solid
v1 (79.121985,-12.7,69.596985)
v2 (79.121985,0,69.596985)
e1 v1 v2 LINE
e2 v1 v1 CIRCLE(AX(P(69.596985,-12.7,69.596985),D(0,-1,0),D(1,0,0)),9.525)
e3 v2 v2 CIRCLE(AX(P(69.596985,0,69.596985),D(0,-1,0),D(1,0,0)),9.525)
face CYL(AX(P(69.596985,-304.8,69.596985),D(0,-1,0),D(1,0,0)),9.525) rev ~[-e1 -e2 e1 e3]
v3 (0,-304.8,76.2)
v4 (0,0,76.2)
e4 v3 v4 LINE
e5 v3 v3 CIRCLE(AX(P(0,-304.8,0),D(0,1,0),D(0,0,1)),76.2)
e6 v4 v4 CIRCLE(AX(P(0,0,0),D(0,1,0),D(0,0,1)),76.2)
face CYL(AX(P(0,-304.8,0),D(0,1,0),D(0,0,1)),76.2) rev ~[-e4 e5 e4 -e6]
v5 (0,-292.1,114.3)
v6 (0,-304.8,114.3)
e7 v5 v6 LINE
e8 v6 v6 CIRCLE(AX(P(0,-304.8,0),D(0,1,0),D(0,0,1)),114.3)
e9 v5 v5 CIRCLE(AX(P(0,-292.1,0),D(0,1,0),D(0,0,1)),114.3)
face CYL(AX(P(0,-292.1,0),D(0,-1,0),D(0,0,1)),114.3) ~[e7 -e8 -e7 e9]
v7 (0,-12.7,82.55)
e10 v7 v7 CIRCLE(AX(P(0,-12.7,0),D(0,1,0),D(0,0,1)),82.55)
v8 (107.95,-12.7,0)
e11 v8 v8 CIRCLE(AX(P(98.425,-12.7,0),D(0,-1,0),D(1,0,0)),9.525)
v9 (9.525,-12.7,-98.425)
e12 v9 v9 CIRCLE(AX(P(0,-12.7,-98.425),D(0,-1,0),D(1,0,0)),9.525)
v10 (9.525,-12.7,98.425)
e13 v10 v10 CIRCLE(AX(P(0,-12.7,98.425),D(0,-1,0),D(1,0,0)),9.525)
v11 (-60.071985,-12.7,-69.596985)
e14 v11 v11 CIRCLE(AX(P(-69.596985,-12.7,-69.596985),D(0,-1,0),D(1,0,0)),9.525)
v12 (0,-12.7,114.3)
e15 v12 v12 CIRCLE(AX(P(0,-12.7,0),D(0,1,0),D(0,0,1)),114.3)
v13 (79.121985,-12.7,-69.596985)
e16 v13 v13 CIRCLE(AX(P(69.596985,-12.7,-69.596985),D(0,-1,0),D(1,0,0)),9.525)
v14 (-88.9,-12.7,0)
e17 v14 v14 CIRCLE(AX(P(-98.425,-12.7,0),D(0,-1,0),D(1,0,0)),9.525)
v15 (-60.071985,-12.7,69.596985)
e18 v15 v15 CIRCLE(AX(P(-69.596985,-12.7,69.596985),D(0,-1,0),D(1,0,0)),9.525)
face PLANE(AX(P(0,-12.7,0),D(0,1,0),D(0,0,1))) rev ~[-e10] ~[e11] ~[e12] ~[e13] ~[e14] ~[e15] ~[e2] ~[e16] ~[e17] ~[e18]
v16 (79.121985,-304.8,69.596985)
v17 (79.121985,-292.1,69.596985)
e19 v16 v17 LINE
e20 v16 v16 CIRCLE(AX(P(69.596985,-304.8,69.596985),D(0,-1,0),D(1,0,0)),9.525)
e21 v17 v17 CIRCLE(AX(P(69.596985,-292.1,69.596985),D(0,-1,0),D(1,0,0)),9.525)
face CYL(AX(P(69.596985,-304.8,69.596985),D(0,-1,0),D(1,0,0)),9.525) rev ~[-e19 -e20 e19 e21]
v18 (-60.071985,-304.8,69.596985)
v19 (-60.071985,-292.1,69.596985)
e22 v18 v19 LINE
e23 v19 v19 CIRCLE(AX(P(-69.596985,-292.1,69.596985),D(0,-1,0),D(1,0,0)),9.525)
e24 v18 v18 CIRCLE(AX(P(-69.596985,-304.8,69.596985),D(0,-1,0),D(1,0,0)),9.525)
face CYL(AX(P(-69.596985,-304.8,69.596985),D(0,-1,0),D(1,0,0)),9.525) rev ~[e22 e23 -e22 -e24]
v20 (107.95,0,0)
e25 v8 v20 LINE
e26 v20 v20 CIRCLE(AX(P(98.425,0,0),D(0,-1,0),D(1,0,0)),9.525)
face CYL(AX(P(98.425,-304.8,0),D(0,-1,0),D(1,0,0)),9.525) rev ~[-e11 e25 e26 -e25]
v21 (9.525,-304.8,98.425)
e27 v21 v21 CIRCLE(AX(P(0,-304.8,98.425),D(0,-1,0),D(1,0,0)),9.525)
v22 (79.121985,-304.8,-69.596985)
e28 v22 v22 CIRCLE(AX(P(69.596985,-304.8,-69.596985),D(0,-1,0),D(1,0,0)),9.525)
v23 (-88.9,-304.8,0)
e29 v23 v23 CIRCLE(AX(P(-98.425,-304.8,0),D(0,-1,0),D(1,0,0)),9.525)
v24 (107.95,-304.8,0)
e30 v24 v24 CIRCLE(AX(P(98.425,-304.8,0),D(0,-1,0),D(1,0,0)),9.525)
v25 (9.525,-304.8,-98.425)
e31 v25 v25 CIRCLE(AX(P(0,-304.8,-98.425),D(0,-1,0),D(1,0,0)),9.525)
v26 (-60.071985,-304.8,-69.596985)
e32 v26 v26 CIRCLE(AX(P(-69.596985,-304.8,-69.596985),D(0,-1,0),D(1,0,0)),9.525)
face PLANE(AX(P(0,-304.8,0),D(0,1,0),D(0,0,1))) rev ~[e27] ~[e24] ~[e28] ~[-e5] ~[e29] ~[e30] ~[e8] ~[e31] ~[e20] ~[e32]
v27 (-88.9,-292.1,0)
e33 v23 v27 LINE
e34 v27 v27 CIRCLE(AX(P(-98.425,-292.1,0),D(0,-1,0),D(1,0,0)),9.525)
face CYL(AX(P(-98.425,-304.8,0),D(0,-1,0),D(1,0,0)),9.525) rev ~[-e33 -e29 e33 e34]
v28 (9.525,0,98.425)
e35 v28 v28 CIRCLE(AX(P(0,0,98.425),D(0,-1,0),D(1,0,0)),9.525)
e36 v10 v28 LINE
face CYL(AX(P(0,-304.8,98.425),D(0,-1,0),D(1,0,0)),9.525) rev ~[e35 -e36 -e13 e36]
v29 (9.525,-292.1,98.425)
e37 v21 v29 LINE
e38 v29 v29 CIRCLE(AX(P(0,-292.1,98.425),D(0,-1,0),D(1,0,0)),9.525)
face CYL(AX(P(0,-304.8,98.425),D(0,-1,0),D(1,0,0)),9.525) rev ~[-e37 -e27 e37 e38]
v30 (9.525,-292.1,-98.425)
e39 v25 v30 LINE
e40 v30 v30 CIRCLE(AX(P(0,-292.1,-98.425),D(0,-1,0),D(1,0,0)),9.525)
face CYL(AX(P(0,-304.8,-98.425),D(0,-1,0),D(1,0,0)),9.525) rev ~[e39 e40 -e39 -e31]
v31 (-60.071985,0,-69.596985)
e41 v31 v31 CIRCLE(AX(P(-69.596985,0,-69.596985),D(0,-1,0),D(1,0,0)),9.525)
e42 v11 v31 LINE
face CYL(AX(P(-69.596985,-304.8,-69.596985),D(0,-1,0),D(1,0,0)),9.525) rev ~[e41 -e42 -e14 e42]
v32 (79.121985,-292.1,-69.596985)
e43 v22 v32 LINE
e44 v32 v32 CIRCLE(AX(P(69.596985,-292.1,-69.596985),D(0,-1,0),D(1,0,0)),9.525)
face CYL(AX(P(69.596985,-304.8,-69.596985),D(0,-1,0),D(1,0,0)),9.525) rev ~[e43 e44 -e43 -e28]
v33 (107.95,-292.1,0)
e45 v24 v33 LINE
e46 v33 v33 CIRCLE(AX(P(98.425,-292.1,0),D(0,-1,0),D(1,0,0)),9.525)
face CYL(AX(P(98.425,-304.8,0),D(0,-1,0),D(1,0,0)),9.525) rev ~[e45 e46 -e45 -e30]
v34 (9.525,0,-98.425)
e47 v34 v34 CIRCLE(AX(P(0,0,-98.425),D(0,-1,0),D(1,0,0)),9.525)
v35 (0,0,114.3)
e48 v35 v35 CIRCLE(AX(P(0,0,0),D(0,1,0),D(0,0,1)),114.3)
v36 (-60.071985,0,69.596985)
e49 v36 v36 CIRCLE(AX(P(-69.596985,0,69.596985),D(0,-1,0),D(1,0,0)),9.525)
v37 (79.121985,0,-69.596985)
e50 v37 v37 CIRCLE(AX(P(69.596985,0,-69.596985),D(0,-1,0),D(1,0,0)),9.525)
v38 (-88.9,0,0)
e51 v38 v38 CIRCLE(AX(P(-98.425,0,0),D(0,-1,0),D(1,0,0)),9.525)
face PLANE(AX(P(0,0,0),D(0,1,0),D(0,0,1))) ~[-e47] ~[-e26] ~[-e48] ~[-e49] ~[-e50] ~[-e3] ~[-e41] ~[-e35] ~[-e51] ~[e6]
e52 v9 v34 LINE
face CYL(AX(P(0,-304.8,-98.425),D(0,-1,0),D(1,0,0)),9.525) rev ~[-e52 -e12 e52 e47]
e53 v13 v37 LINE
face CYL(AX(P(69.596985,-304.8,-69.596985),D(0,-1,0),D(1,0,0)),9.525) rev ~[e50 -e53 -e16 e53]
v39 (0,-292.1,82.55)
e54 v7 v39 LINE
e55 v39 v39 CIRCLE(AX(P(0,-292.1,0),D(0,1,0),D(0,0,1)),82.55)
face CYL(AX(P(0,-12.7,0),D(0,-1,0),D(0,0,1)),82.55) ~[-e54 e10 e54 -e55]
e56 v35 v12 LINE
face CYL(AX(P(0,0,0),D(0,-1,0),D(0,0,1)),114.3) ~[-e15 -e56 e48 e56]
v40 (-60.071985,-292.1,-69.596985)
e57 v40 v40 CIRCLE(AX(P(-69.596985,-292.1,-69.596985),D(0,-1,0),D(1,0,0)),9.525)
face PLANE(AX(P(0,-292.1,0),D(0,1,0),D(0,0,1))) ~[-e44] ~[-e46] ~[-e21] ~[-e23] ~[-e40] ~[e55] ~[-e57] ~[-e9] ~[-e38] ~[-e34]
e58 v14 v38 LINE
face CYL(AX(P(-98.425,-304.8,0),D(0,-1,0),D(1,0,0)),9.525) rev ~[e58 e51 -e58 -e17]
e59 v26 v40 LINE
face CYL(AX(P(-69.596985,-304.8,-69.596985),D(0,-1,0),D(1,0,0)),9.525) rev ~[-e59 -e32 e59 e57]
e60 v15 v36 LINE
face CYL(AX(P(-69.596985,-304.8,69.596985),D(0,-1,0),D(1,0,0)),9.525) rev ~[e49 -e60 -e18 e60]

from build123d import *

# Parameters (mm, degrees)
F3_R     = 9.525
F4_DEPTH = 304.801


with BuildPart() as f1:
    # F0 (on Right) → F1 (revolve)
    with BuildSketch(Plane.YZ):
        Polygon((0, 76.2), (0, 114.3), (-12.7, 114.3), (-12.7, 82.55), (-292.1, 82.55), (-292.1, 114.3), (-304.8, 114.3), (-304.8, 76.2), align=None)
    revolve(axis=Axis((0, 69.986956, 0), (0, 1, 0)))

    # F3 (on offset) → F4 (cut, through all)
    with BuildSketch(Plane.XZ.offset(304.8)):
        with Locations((0, 98.425)):
            Circle(F3_R)
        with Locations((-69.596985, 69.596985)):
            Circle(F3_R)
        with Locations((-98.425, 0)):
            Circle(F3_R)
        with Locations((-69.596985, -69.596985)):
            Circle(F3_R)
        with Locations((0, -98.425)):
            Circle(F3_R)
        with Locations((69.596985, -69.596985)):
            Circle(F3_R)
        with Locations((98.425, 0)):
            Circle(F3_R)
        with Locations((69.596985, 69.596985)):
            Circle(F3_R)
    extrude(amount=-F4_DEPTH, mode=Mode.SUBTRACT)


solid = f1.part
